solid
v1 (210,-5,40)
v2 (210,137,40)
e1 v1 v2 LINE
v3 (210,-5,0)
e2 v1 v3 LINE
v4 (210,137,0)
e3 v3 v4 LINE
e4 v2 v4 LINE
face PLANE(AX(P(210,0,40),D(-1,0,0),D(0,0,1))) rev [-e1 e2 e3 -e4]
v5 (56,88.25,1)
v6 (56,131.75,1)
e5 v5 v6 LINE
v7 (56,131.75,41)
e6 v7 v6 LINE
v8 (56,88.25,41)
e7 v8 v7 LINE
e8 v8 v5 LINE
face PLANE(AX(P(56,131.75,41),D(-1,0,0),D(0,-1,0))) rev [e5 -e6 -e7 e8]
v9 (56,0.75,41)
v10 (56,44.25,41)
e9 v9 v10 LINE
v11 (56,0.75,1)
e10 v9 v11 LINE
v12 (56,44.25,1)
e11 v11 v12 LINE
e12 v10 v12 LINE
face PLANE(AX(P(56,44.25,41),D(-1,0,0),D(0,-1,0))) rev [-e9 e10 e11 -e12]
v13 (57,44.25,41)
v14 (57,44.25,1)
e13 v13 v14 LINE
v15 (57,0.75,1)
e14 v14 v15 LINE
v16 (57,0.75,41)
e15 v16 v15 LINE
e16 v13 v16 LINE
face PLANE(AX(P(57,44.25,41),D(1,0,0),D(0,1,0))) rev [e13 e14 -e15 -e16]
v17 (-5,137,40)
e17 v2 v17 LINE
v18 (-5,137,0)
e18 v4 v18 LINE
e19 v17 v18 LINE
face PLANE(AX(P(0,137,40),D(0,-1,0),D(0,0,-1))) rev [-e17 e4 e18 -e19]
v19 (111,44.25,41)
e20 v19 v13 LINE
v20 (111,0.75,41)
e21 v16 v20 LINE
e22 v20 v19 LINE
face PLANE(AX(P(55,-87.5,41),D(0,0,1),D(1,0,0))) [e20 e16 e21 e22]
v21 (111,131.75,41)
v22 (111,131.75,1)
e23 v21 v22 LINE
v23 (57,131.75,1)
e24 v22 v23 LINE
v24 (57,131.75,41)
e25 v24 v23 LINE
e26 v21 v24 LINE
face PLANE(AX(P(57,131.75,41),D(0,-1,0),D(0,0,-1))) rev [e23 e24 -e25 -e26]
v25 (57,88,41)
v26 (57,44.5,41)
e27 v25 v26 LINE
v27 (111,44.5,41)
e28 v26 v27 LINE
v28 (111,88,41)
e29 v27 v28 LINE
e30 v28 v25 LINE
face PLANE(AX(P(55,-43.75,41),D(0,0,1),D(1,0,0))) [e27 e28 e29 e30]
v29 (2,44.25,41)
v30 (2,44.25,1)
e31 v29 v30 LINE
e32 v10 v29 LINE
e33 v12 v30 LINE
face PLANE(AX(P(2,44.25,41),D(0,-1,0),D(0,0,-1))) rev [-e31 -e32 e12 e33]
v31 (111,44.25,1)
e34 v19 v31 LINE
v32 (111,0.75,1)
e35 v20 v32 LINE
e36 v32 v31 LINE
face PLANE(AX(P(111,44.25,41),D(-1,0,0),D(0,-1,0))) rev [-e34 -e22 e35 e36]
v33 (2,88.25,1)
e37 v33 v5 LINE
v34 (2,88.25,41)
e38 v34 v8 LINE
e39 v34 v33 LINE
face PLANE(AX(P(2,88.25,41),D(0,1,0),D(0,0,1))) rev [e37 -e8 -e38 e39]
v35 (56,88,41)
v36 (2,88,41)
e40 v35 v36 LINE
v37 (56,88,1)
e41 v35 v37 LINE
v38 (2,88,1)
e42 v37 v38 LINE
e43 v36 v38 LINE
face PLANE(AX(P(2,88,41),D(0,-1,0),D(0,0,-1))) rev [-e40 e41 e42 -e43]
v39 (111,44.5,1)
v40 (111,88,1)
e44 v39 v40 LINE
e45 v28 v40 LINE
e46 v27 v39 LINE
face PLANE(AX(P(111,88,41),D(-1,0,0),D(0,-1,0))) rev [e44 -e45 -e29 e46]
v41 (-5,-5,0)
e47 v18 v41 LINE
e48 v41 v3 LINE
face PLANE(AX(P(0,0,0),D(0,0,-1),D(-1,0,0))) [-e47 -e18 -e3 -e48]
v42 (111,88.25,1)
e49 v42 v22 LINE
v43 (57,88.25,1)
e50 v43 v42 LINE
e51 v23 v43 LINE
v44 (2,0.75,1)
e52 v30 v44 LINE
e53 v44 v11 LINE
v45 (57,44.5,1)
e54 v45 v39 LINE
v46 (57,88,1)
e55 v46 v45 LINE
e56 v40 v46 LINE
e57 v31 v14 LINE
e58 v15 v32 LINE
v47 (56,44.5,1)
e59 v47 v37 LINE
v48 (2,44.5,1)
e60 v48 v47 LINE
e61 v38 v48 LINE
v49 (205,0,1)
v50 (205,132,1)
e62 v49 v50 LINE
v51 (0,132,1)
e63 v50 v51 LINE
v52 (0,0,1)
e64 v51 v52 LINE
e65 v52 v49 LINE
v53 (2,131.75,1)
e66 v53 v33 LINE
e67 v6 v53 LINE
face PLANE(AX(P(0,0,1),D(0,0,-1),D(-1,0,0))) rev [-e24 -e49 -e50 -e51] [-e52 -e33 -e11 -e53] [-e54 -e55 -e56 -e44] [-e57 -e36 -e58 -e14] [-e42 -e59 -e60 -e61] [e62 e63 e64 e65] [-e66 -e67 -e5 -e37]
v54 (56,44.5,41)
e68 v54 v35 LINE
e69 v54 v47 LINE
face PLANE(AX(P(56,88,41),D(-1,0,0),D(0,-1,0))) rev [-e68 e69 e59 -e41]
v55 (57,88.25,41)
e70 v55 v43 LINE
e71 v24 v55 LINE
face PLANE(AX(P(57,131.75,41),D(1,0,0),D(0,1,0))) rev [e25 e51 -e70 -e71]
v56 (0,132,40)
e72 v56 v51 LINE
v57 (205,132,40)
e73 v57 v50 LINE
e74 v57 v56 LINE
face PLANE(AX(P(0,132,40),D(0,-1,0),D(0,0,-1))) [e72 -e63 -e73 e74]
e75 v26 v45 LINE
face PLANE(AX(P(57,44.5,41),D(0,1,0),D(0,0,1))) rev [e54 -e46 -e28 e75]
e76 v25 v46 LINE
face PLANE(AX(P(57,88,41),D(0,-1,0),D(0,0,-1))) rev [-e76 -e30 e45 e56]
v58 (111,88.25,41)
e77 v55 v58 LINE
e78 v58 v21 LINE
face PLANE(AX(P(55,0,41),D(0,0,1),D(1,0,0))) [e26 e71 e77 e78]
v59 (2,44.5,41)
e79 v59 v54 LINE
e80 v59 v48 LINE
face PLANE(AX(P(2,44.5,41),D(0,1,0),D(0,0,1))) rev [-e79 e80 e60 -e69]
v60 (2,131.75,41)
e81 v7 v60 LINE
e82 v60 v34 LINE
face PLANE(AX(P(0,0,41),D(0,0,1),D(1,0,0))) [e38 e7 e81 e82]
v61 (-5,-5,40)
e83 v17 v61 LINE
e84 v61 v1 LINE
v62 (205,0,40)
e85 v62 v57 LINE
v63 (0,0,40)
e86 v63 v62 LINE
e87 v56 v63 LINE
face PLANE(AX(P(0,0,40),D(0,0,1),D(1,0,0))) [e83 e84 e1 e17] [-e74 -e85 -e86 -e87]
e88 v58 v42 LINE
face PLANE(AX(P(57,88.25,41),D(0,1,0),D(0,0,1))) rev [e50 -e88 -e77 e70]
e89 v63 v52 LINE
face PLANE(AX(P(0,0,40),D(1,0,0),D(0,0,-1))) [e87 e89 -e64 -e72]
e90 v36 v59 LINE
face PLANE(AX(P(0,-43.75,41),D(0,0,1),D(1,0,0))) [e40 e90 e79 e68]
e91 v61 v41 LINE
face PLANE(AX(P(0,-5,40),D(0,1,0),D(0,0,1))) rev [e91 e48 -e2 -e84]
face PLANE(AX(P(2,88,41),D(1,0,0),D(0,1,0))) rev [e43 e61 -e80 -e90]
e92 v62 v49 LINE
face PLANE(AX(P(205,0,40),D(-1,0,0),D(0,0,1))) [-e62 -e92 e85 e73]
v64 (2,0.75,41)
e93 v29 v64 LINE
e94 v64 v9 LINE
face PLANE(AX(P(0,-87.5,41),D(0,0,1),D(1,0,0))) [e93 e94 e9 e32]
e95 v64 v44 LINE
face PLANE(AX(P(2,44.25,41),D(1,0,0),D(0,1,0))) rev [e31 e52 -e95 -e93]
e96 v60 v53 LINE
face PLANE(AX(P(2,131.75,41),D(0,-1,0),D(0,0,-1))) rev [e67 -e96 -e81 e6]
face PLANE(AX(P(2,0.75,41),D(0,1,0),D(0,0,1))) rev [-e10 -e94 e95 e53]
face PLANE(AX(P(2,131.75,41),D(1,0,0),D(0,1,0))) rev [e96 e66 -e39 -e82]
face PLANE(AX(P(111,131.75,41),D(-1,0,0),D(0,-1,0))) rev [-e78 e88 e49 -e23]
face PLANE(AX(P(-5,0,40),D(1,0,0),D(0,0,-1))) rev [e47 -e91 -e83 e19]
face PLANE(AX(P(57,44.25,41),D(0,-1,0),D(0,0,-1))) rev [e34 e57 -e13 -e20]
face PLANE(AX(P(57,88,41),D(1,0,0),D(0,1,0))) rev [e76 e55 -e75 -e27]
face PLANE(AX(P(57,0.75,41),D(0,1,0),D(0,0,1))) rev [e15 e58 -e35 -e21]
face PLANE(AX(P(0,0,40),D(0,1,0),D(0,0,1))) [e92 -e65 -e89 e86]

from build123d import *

# Parameters (mm, degrees)
ESQUISSE1_W                     = 205
ESQUISSE1_H                     = 132
BOSS_EXTRU_1_DEPTH              = 1
ESQUISSE1_2_W                   = 215
ESQUISSE1_2_H                   = 142
ESQUISSE1_2_W_2                 = 205
ESQUISSE1_2_H_2                 = 132
EXTRU_MINCE1_DEPTH              = 40
ESQUISSE2_W                     = 54
ESQUISSE2_H                     = 43.5
BOSS_EXTRU_2_DEPTH              = 40
R_P_TITION_LIN_AIRE1_COUNT      = 3
R_P_TITION_LIN_AIRE1_PITCH      = 43.75
R_P_TITION_LIN_AIRE1_COUNT_DIR2 = 2
R_P_TITION_LIN_AIRE1_PITCH_DIR2 = 55


with BuildPart() as part:
    # Esquisse1 → Boss.-Extru.1 (new body)
    with BuildSketch(Plane.XY):
        with Locations((102.5, 66)):
            Rectangle(ESQUISSE1_W, ESQUISSE1_H)
    extrude(amount=BOSS_EXTRU_1_DEPTH)

    # Esquisse1<2> → Extru.-Mince1 (add)
    with BuildSketch(Plane.XY):
        with Locations((102.5, 66)):
            Rectangle(ESQUISSE1_2_W, ESQUISSE1_2_H)
        with Locations((102.5, 66)):
            Rectangle(ESQUISSE1_2_W_2, ESQUISSE1_2_H_2, mode=Mode.SUBTRACT)
    extrude(amount=EXTRU_MINCE1_DEPTH)

    # Esquisse2 → Boss.-Extru.2 (add)
    with BuildSketch(Plane.XY.offset(1)):
        with Locations((29, 110)):
            Rectangle(ESQUISSE2_W, ESQUISSE2_H)
    boss_extru_2 = extrude(amount=BOSS_EXTRU_2_DEPTH)

    # Répétition linéaire1: Boss.-Extru.2 3 × 2
    with Locations(*[(j * R_P_TITION_LIN_AIRE1_PITCH_DIR2, -i * R_P_TITION_LIN_AIRE1_PITCH, 0) for i in range(R_P_TITION_LIN_AIRE1_COUNT) for j in range(R_P_TITION_LIN_AIRE1_COUNT_DIR2) if (i, j) != (0, 0)]):
        add(boss_extru_2)


solid = part.part
